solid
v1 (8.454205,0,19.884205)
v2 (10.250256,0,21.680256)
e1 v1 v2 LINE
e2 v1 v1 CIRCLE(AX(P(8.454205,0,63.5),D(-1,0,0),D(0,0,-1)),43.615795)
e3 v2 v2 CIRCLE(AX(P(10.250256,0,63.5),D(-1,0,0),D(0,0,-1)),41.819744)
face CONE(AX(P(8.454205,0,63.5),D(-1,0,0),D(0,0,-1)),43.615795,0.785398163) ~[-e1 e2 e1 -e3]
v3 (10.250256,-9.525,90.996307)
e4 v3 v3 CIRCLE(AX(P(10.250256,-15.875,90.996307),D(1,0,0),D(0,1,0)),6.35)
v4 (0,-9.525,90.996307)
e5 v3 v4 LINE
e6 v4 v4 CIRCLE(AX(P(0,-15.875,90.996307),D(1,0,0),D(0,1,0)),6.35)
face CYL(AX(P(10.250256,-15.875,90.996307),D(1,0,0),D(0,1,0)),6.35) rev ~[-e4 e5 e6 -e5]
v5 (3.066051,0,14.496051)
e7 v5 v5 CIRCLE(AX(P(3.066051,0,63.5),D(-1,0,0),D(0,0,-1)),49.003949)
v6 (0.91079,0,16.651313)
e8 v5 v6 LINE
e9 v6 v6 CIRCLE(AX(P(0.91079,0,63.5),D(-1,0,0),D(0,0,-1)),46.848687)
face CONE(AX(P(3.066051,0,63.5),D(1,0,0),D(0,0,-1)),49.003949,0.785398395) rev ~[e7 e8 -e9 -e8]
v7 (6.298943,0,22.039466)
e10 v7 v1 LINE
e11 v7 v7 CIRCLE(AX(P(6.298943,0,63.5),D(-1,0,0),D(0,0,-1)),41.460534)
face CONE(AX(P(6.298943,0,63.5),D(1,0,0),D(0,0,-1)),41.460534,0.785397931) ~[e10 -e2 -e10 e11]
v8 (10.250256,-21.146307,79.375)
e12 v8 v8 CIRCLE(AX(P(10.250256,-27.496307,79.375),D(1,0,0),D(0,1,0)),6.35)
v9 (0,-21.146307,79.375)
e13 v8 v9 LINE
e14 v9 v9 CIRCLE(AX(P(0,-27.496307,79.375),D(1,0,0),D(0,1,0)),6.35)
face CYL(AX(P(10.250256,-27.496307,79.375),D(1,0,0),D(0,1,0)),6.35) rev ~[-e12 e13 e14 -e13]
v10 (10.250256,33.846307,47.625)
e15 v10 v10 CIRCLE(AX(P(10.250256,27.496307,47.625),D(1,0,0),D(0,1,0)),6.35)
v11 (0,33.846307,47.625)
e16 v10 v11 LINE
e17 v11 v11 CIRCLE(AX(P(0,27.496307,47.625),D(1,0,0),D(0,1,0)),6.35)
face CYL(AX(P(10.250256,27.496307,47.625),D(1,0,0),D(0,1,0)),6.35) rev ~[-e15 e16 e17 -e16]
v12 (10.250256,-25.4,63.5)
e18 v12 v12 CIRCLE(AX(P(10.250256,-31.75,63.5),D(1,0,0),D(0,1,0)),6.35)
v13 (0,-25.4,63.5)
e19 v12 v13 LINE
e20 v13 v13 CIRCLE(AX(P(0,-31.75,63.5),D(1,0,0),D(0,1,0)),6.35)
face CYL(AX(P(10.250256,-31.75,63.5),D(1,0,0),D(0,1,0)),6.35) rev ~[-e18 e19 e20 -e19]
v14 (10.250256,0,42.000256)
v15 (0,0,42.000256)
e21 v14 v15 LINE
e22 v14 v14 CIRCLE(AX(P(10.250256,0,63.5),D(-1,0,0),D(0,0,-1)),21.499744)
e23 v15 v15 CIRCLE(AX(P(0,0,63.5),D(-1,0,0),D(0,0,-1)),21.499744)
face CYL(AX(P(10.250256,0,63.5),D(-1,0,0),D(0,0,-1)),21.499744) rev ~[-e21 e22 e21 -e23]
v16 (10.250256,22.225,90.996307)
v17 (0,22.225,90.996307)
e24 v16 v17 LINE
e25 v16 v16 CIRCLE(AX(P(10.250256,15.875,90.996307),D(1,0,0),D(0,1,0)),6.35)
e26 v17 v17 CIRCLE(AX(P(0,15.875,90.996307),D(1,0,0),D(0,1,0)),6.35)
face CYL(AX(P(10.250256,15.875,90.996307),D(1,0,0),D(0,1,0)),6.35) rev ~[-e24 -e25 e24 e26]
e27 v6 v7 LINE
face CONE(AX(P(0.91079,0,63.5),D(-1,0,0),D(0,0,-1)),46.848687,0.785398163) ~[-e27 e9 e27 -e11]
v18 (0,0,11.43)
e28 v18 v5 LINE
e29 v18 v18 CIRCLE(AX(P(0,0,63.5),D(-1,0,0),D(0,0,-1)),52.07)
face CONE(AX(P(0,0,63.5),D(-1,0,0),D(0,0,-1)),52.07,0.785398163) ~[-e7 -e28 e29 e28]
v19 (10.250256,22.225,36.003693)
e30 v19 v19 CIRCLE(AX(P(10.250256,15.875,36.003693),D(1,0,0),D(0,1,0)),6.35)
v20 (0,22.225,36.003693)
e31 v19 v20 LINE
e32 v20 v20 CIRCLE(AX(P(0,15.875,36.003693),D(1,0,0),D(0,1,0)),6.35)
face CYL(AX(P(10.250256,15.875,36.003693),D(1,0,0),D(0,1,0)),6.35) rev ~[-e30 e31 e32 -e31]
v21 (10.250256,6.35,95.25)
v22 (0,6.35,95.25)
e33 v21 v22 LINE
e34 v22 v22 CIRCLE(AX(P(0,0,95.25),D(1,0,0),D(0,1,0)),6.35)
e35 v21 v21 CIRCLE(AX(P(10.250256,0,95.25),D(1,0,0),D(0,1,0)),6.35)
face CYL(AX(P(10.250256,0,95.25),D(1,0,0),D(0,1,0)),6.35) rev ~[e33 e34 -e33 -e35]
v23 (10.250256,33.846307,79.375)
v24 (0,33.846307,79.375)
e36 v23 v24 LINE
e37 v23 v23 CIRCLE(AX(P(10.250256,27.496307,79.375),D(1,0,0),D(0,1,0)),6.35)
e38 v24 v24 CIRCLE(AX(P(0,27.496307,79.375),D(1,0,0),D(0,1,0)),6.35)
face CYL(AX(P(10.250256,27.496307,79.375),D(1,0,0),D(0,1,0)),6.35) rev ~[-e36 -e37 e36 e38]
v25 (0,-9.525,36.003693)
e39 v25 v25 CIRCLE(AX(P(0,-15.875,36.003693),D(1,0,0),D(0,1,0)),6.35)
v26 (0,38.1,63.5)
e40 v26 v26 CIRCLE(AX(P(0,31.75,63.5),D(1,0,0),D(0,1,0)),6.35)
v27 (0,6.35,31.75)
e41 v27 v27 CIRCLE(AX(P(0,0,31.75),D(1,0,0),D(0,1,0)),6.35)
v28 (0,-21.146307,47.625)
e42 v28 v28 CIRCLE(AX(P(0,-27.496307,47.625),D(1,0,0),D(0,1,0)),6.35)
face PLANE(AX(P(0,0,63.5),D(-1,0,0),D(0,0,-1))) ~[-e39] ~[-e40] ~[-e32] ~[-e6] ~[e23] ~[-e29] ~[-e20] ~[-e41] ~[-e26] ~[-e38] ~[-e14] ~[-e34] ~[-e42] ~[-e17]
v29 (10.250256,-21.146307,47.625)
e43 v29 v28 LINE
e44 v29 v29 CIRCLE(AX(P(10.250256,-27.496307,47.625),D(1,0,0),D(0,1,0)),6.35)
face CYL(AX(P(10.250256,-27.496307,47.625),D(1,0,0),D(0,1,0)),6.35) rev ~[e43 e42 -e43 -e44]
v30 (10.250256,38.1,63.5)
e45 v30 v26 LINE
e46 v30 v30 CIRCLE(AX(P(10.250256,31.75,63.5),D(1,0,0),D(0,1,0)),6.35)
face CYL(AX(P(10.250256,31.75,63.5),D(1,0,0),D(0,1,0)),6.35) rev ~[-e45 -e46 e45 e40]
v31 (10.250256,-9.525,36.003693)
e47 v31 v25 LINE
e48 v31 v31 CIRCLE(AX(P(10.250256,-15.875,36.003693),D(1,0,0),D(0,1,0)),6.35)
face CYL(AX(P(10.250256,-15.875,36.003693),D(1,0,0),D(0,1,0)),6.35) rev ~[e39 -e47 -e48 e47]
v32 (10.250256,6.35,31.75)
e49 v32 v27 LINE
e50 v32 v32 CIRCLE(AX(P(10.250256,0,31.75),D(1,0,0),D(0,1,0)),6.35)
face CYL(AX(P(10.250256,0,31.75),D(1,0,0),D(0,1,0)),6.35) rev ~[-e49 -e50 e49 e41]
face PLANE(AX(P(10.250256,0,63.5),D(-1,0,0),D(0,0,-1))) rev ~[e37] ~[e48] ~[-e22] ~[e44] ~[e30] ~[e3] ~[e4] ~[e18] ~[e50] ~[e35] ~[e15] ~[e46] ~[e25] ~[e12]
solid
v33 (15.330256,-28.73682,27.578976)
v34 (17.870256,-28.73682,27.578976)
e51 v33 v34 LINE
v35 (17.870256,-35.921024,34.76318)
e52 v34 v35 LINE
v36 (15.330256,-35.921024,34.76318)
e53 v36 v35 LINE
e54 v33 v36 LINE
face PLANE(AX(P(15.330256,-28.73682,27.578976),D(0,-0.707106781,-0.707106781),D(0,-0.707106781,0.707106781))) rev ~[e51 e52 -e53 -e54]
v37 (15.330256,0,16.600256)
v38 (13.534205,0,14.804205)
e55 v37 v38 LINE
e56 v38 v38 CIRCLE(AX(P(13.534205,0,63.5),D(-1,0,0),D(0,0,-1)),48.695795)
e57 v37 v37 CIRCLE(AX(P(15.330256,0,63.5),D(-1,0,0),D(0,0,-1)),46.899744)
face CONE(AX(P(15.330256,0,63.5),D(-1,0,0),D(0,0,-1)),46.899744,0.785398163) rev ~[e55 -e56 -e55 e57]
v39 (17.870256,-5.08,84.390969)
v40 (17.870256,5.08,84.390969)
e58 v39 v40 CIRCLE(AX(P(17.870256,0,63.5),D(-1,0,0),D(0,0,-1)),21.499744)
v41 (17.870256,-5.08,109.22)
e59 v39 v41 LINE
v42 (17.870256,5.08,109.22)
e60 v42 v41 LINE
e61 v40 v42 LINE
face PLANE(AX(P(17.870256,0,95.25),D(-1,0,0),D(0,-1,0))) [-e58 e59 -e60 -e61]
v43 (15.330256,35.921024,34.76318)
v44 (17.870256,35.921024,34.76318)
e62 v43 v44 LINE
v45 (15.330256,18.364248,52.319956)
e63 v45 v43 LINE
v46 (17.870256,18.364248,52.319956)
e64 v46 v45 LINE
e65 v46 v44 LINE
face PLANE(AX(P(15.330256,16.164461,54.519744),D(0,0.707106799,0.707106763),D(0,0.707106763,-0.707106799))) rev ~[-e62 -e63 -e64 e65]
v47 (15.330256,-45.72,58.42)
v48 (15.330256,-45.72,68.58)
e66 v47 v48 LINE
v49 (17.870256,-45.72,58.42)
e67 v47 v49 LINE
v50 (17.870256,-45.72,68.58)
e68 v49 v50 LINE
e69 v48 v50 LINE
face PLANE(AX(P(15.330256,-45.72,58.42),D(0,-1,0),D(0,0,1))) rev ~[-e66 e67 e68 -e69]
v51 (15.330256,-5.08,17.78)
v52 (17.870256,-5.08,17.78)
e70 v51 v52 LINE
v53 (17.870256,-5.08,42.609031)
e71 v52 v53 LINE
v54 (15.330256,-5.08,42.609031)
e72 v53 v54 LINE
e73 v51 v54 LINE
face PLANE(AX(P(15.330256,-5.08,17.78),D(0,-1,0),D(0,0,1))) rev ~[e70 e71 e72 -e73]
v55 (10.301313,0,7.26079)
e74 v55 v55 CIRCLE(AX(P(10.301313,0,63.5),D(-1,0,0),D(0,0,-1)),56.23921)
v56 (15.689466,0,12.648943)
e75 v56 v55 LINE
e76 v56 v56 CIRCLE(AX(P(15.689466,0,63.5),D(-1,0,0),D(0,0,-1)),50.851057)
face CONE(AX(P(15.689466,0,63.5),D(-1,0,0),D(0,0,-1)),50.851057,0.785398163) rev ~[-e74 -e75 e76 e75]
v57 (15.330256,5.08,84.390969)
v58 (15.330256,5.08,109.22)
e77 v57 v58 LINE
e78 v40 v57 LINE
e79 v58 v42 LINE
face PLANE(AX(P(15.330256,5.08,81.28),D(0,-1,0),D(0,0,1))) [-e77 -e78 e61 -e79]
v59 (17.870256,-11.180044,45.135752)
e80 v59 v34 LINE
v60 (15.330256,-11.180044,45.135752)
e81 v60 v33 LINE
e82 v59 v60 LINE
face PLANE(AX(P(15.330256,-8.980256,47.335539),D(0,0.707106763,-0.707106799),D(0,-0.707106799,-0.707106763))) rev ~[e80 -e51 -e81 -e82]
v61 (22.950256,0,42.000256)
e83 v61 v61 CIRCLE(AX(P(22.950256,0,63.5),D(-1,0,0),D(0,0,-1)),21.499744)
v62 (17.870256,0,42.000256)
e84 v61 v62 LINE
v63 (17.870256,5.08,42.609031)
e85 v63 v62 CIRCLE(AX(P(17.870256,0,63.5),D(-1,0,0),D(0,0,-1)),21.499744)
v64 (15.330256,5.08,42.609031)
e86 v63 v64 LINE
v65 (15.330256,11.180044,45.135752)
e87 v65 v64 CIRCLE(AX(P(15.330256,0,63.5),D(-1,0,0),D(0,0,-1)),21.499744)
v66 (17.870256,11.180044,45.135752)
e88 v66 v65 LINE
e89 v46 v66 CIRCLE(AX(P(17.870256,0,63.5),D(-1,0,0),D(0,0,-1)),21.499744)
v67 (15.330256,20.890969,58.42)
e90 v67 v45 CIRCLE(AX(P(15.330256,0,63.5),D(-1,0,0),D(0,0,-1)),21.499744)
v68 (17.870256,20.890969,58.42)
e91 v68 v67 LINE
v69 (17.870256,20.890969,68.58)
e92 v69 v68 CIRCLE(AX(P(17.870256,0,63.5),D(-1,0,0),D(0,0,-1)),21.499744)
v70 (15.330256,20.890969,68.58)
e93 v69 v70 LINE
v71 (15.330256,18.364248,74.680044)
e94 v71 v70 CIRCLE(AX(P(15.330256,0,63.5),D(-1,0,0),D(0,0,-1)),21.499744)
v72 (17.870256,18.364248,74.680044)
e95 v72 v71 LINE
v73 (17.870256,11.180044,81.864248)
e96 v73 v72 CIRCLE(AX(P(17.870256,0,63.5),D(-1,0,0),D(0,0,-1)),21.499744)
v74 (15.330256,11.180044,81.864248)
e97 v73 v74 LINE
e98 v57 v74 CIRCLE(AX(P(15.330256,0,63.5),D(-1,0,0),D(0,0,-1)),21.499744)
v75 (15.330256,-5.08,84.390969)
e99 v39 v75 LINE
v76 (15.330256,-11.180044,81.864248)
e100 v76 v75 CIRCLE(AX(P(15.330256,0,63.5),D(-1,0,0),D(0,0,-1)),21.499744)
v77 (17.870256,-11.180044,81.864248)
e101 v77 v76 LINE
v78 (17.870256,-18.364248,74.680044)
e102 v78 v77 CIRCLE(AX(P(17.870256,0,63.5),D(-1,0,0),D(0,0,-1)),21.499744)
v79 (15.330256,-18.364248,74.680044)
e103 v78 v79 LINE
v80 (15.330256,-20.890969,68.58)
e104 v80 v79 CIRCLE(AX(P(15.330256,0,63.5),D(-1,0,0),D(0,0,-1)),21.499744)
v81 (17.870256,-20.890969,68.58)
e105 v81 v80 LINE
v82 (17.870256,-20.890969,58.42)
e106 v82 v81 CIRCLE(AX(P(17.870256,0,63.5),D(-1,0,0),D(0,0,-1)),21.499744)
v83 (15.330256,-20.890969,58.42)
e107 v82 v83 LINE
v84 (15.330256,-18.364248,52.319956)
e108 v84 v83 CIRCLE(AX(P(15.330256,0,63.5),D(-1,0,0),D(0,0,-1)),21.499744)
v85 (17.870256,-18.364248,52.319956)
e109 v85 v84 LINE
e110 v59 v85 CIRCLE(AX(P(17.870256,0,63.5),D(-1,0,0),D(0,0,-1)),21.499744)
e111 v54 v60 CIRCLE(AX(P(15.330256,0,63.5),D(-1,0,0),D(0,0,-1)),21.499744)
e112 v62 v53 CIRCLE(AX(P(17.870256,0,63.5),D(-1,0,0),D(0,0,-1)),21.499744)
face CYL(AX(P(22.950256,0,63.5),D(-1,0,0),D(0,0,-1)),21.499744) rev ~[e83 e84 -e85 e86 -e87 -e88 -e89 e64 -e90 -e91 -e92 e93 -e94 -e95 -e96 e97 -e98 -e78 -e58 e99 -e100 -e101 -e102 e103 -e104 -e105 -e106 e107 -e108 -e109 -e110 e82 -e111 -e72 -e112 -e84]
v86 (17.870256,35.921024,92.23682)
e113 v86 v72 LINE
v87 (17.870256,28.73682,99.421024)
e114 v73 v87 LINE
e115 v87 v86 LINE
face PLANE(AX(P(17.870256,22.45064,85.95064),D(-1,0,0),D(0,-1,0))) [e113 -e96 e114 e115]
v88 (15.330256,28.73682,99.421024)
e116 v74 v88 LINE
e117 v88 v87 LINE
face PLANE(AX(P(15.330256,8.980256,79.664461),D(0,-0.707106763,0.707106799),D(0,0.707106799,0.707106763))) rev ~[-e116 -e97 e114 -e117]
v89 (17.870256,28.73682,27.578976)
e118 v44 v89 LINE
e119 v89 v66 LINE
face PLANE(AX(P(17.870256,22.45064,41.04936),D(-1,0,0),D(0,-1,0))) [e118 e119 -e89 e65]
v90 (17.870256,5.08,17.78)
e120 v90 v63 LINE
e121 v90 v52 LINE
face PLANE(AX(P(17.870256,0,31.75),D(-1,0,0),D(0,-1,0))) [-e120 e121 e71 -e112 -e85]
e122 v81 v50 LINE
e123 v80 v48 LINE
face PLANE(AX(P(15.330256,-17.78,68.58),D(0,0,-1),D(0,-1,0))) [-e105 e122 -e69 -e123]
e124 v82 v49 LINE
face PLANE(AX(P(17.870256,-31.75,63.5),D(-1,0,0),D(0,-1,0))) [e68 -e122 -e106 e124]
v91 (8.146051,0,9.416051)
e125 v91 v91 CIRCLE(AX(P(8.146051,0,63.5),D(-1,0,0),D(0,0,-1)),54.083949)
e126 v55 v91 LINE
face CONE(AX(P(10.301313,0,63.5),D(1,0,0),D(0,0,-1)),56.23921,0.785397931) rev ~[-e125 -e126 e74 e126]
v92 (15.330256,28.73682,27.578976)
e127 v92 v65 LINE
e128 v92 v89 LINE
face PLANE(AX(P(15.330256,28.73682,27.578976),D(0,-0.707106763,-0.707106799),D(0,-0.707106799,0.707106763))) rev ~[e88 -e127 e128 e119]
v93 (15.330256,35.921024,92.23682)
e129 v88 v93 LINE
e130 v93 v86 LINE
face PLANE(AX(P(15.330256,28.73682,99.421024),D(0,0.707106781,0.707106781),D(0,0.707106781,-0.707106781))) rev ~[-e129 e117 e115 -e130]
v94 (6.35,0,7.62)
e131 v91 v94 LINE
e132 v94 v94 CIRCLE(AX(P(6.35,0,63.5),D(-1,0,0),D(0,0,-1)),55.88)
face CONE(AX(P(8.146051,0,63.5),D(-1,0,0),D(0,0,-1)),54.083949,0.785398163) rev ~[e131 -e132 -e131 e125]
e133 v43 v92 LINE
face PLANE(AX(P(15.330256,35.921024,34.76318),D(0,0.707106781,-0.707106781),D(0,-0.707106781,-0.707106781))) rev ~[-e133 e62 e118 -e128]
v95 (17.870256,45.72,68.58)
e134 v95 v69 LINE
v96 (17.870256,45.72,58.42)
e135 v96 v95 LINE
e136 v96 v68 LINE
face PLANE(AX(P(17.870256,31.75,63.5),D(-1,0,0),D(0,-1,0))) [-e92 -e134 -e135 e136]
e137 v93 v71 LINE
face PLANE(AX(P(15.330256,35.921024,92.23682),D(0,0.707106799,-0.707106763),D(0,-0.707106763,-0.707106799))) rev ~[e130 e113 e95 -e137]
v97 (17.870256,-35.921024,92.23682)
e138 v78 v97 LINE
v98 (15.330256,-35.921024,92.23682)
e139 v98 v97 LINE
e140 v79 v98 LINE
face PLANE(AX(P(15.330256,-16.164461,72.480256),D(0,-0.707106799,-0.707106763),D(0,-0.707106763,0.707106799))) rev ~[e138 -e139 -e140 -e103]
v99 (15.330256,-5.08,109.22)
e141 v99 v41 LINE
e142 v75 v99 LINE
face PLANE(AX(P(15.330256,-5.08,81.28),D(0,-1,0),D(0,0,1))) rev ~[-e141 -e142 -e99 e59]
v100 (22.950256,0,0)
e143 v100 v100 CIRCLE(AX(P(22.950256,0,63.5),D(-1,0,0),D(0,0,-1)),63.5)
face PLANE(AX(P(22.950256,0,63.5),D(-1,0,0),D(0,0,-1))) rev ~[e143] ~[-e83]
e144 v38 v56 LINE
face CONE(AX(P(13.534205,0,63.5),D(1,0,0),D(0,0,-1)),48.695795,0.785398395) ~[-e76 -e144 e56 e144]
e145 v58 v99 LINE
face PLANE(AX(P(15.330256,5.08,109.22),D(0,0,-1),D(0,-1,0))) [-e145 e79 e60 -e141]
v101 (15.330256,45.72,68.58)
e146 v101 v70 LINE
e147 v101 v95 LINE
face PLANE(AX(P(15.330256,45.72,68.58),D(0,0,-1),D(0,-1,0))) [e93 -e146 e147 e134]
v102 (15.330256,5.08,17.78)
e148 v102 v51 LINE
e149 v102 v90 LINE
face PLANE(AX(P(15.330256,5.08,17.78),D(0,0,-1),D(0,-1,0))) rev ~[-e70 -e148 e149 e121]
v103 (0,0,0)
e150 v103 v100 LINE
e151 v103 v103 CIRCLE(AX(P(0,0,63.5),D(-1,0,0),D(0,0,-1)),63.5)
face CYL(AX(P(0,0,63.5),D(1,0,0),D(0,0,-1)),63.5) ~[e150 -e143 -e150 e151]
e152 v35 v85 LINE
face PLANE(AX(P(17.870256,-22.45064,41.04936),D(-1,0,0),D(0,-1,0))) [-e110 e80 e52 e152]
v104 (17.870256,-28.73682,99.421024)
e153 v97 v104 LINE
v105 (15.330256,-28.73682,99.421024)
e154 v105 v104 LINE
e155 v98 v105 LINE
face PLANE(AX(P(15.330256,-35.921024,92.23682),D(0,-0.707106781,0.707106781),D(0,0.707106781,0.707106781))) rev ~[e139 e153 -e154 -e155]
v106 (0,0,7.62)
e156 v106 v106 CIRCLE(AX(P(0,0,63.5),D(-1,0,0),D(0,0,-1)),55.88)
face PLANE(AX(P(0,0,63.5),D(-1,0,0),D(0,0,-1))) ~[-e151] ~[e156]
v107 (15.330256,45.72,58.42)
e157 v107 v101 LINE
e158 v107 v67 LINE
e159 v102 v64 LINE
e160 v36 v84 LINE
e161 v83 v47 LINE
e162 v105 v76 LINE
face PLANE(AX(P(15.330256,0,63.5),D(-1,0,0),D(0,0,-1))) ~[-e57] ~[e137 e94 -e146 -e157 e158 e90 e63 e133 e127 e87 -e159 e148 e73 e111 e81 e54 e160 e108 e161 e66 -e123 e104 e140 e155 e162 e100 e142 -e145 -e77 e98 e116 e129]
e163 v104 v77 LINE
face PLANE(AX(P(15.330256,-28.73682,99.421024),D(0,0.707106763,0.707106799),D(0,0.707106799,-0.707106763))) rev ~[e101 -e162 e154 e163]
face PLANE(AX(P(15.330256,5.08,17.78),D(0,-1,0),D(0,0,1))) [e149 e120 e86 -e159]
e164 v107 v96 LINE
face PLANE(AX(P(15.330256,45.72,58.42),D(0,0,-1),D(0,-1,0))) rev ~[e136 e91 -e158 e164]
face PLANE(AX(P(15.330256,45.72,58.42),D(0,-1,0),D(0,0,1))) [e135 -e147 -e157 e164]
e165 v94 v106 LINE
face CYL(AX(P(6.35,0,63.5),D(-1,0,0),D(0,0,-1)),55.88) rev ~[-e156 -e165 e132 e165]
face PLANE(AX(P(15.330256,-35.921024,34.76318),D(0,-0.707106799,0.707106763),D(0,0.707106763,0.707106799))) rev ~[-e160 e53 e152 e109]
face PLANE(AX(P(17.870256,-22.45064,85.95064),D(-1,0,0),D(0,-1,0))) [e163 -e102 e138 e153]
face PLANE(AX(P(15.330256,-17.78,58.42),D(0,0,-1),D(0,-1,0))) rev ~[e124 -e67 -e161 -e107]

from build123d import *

# Parameters (mm, degrees)
F3_R     = 6.35
F4_DEPTH = 25.4
F5_W     = 10.16
F5_H     = 27.94
F5_W_2   = 27.94
F5_H_2   = 10.16
F6_DEPTH = 2.54


with BuildPart() as f2:
    # F0 (on Front) → F2 (revolve)
    with BuildSketch(Plane.XZ):
        Polygon((0, 7.62), (0, 0), (22.950256, 0), (22.950256, 42.000256), (15.330256, 42.000256), (15.330256, 16.600256), (13.534205, 14.804205), (15.689466, 12.648943), (10.301313, 7.26079), (8.146051, 9.416051), (6.35, 7.62), align=None)
        Polygon((0, 42.000256), (0, 11.43), (3.066051, 14.496051), (0.91079, 16.651313), (6.298943, 22.039466), (8.454205, 19.884205), (10.250256, 21.680256), (10.250256, 42.000256), align=None)
    revolve(axis=Axis((-1.72475, 0, 63.5), (-1, 0, 0)))

    # F3 (on face) → F4 (cut)
    with BuildSketch(Plane.YZ.offset(10.250256)):
        with Locations((0, 31.75)):
            Circle(F3_R)
        with Locations((15.875, 36.003693)):
            Circle(F3_R)
        with Locations((27.496307, 47.625)):
            Circle(F3_R)
        with Locations((31.75, 63.5)):
            Circle(F3_R)
        with Locations((27.496307, 79.375)):
            Circle(F3_R)
        with Locations((15.875, 90.996307)):
            Circle(F3_R)
        with Locations((0, 95.25)):
            Circle(F3_R)
        with Locations((-15.875, 90.996307)):
            Circle(F3_R)
        with Locations((-27.496307, 79.375)):
            Circle(F3_R)
        with Locations((-31.75, 63.5)):
            Circle(F3_R)
        with Locations((-27.496307, 47.625)):
            Circle(F3_R)
        with Locations((-15.875, 36.003693)):
            Circle(F3_R)
    extrude(amount=-F4_DEPTH, mode=Mode.SUBTRACT)

    # F5 (on face) → F6 (cut)
    with BuildSketch(Plane(origin=(15.330256, 0, 0), x_dir=(0, -1, 0), z_dir=(-1, 0, 0))):
        with Locations((0, 31.75)):
            Rectangle(F5_W, F5_H)
        Polygon((16.164461, 54.519744), (8.980256, 47.335539), (28.73682, 27.578976), (35.921024, 34.76318), align=None)
        with Locations((31.75, 63.5)):
            Rectangle(F5_W_2, F5_H_2)
        Polygon((8.980256, 79.664461), (16.164461, 72.480256), (35.921024, 92.23682), (28.73682, 99.421024), align=None)
        with Locations((0, 95.25)):
            Rectangle(F5_W, F5_H)
        Polygon((-16.164461, 72.480256), (-8.980256, 79.664461), (-28.73682, 99.421024), (-35.921024, 92.23682), align=None)
        with Locations((-31.75, 63.5)):
            Rectangle(F5_W_2, F5_H_2)
        Polygon((-8.980256, 47.335539), (-16.164461, 54.519744), (-35.921024, 34.76318), (-28.73682, 27.578976), align=None)
    extrude(amount=-F6_DEPTH, mode=Mode.SUBTRACT)


solid = f2.part
